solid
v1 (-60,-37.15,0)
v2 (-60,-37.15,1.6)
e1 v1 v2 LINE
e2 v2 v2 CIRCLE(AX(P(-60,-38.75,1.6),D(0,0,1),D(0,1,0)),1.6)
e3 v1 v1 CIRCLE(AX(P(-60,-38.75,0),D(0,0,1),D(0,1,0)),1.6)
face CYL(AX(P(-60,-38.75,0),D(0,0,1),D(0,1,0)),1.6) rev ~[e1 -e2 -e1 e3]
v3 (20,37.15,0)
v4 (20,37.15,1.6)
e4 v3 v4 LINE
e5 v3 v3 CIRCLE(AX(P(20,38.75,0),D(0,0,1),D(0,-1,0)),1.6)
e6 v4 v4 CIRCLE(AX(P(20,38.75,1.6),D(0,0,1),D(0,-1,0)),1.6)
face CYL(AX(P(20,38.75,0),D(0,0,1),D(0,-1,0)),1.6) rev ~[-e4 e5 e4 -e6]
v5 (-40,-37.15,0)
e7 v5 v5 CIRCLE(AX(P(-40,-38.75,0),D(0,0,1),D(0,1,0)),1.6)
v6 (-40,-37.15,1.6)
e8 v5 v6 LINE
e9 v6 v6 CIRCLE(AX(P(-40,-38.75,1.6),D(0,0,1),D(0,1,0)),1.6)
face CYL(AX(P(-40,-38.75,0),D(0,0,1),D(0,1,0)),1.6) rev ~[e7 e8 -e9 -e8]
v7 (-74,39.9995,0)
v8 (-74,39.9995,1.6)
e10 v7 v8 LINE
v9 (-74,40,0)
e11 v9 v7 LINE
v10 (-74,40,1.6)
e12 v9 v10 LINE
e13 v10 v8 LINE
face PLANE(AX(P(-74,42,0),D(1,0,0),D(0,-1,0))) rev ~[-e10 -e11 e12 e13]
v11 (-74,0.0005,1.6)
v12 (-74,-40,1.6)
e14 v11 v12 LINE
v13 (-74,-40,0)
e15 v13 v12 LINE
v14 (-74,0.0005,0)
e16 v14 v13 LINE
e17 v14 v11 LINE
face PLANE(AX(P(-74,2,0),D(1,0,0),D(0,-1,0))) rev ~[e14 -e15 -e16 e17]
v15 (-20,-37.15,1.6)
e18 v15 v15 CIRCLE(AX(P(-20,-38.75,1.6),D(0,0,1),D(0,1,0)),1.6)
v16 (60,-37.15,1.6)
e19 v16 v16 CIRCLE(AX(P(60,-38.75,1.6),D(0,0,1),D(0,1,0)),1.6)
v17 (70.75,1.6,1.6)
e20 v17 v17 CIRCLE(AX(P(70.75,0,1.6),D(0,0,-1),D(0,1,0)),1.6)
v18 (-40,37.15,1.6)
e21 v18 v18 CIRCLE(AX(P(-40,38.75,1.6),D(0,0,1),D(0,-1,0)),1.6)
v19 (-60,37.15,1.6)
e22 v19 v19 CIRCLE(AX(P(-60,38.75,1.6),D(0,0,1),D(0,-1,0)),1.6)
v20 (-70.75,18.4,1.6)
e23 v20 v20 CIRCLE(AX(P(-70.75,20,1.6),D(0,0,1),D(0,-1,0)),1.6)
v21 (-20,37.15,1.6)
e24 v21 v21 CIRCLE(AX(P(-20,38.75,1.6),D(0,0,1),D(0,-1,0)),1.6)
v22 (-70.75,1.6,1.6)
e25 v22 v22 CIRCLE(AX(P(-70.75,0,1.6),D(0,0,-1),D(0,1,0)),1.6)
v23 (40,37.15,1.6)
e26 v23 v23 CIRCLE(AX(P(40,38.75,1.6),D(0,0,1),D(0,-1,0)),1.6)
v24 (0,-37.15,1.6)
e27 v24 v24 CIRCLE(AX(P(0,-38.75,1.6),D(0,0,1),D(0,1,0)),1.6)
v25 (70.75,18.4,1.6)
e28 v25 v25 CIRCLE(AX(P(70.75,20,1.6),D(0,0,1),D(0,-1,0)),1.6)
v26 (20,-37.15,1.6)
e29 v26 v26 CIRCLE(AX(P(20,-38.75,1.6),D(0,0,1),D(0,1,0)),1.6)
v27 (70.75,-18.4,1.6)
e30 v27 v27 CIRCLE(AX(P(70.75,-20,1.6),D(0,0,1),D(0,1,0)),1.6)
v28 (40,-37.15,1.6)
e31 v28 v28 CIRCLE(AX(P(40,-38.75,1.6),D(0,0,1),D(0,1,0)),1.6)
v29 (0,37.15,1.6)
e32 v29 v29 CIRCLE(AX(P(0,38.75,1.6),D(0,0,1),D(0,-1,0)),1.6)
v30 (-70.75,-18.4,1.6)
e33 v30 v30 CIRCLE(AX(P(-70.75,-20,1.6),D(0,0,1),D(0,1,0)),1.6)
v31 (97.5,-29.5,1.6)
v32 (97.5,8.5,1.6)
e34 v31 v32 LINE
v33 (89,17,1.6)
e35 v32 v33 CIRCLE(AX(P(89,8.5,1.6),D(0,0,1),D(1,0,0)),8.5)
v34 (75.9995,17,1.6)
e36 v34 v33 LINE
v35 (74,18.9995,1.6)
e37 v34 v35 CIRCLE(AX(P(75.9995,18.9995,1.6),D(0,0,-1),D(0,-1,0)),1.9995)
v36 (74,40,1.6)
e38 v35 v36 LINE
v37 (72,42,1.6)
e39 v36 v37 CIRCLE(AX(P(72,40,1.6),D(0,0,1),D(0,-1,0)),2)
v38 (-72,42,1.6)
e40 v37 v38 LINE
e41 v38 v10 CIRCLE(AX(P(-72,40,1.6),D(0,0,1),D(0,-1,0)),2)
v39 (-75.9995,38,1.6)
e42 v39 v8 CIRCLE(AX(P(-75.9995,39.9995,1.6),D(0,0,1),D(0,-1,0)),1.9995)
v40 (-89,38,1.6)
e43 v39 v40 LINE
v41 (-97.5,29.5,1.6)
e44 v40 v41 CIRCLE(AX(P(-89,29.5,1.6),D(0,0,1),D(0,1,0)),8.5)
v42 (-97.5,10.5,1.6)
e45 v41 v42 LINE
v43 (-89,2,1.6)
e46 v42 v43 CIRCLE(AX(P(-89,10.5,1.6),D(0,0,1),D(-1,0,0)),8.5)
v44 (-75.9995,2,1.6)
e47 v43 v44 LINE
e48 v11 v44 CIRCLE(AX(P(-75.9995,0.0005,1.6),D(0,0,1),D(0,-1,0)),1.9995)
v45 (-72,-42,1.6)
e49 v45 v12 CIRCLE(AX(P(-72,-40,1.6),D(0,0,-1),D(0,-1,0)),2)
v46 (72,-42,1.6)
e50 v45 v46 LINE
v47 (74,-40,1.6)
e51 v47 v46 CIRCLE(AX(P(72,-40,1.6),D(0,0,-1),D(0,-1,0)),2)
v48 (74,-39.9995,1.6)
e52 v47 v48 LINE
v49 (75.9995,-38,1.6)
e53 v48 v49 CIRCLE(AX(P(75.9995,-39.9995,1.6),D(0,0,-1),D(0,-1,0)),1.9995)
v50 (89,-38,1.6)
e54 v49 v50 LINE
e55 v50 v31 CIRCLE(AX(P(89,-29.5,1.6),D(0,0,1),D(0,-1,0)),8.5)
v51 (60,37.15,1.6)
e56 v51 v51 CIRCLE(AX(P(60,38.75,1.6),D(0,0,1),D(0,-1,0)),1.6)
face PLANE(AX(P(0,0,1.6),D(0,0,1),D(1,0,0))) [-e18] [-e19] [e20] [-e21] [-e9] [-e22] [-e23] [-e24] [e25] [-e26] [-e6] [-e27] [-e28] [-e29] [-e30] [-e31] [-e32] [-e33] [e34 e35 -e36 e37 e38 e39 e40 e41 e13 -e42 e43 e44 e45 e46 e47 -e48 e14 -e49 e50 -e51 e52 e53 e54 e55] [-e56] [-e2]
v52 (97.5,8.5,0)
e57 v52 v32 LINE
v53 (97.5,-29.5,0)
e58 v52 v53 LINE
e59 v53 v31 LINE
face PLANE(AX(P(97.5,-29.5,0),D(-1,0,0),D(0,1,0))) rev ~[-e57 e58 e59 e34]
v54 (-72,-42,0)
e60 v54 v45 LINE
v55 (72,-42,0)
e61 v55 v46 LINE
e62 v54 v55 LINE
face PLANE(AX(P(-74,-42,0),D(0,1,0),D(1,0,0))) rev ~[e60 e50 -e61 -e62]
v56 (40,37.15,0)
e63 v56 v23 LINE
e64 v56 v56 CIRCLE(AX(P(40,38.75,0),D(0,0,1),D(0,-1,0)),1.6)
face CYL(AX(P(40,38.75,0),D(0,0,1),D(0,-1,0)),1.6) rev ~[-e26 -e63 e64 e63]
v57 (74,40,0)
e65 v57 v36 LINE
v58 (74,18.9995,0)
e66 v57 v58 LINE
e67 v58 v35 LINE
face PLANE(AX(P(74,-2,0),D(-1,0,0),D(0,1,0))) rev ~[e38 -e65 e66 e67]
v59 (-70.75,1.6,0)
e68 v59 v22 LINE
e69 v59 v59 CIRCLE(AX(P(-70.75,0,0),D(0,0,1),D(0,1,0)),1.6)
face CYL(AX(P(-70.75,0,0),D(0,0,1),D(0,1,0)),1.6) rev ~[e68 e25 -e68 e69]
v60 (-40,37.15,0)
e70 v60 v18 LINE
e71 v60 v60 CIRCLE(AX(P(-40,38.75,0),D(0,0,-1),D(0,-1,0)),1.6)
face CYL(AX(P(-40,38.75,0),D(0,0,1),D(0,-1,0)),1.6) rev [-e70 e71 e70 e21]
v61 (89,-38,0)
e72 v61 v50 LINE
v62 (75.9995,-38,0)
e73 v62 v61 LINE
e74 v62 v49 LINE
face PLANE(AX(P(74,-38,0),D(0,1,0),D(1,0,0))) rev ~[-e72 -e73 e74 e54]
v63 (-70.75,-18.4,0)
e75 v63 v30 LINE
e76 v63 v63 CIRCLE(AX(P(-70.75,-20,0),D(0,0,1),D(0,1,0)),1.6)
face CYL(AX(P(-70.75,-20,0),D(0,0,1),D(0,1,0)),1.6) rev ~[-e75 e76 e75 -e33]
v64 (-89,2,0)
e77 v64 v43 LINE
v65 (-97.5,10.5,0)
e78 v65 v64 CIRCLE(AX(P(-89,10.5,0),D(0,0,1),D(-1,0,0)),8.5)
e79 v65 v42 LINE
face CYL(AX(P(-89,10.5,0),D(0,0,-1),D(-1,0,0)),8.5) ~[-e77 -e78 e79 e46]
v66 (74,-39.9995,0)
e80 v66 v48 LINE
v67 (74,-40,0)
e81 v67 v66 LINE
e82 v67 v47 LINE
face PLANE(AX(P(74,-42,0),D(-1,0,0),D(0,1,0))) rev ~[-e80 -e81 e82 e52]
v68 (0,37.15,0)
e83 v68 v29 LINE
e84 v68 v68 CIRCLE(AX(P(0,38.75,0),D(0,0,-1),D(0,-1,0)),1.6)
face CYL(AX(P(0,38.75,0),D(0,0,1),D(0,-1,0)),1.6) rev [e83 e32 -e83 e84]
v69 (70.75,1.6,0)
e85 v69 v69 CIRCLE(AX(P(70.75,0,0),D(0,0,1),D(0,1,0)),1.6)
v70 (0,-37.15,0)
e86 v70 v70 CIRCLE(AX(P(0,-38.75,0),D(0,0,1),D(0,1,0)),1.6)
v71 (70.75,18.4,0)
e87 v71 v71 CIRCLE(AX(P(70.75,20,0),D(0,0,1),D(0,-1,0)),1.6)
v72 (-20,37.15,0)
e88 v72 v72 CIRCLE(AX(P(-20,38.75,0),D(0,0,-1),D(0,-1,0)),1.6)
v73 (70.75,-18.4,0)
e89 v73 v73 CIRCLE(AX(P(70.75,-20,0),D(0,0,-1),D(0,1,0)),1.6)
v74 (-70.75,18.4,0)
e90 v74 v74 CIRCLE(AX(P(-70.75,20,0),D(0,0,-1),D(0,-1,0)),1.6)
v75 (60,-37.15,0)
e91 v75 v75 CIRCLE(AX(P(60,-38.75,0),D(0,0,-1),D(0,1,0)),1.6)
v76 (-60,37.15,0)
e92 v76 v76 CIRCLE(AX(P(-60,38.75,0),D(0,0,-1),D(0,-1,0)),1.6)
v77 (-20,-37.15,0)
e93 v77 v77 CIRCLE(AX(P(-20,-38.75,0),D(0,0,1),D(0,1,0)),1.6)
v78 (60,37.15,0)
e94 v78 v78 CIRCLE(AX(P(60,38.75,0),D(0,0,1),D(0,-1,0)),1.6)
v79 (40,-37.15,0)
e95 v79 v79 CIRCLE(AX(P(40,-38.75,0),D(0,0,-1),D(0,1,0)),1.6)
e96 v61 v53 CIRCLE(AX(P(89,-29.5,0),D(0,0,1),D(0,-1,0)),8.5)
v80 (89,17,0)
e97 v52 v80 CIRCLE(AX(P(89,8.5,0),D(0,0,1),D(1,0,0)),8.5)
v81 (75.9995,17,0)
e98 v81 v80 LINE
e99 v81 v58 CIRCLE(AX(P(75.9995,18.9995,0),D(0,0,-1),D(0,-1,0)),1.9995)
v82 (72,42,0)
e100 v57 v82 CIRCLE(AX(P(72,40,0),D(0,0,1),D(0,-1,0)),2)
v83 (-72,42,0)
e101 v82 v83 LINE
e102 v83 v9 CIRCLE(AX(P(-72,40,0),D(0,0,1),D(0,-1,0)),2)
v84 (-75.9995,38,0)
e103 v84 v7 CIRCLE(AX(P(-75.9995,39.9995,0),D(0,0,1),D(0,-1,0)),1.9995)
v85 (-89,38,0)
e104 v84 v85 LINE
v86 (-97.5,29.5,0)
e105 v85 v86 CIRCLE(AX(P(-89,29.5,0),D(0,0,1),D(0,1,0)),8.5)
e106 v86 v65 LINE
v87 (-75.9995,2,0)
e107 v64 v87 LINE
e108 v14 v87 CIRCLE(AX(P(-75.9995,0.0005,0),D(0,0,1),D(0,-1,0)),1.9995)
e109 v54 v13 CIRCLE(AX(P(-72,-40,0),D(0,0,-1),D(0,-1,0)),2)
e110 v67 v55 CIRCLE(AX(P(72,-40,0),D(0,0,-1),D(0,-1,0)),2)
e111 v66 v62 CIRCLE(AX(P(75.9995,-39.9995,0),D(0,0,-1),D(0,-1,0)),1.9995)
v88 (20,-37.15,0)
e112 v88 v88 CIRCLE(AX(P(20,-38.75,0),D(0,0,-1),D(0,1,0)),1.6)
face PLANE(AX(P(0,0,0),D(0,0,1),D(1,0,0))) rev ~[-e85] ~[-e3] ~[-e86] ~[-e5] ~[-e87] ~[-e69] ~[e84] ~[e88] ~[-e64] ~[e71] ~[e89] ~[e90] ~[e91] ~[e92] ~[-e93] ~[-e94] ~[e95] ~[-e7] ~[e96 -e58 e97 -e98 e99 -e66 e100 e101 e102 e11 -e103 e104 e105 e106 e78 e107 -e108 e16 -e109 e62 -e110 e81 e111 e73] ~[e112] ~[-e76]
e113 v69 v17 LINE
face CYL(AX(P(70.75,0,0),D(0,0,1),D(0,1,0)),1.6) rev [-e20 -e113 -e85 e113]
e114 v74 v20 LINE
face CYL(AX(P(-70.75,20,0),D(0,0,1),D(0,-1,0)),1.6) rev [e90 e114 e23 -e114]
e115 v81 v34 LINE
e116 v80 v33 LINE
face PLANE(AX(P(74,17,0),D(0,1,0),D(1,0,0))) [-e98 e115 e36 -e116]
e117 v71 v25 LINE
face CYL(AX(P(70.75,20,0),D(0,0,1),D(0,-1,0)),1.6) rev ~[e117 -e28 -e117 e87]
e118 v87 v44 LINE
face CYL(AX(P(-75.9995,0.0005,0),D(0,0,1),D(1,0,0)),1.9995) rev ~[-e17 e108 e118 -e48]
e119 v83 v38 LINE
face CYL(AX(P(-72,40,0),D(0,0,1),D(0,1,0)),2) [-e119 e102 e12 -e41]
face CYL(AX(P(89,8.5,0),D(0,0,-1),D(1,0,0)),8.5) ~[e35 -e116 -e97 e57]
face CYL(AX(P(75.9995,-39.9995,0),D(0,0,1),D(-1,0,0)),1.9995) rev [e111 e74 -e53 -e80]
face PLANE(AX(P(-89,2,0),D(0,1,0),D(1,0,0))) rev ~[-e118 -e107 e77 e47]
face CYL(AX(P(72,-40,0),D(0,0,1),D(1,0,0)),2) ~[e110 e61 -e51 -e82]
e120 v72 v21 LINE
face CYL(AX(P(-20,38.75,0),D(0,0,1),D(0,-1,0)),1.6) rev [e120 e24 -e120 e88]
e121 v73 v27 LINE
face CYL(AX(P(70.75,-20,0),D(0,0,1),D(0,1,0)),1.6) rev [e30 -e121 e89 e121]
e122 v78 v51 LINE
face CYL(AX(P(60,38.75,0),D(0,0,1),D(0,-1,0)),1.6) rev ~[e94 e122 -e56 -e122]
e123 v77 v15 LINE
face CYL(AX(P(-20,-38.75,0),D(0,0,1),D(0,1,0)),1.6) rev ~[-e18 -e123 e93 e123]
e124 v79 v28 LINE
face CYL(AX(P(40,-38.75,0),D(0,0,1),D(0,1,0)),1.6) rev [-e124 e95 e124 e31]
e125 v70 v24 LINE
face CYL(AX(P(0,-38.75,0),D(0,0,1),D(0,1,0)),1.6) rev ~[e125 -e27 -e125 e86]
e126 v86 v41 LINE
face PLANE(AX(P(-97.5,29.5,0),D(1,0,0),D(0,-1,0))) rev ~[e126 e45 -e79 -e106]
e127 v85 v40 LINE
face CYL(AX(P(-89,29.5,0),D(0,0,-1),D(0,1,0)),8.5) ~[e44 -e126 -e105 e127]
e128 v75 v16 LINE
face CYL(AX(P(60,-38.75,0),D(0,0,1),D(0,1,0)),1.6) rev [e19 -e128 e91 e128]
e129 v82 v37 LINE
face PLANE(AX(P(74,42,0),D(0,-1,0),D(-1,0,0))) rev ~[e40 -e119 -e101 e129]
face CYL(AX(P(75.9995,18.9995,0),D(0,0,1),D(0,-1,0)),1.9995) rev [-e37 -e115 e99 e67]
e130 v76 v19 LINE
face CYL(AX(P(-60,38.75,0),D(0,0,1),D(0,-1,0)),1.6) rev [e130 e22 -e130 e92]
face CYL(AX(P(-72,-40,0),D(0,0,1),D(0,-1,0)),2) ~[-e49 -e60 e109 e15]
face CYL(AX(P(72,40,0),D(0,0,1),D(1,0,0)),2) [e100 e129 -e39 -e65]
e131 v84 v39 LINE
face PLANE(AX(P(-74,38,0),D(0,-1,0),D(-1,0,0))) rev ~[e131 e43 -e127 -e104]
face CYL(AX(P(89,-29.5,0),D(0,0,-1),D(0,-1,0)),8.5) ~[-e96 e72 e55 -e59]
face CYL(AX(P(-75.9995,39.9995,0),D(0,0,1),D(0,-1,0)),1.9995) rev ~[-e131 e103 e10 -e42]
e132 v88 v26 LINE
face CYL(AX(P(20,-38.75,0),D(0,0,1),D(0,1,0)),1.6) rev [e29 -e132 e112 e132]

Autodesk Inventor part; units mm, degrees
ref_plane "YZ Plane" through (0, 0, 0) normal (1, 0, 0) x (0, 1, 0)
ref_plane "XZ Plane" through (0, 0, 0) normal (0, 1, 0) x (-1, 0, 0)
ref_plane "XY Plane" through (0, 0, 0) normal (0, 0, 1) x (1, 0, 0)
sketch "Sketch1" plane through (0, 0, 0) normal (0, 0, 1) x (1, 0, 0)
  line L0 (66, -34) -> (-66, -34)
  line L1 (-66, -34) -> (-66, 34)
  line L2 (-66, 34) -> (66, 34)
  line L3 (66, 34) -> (66, -34)
  line L4 (66, -34) -> (-66, 34) construction
  line L5 (-66, -34) -> (66, 34) construction
  line L6 (74, 42) -> (-74, 42)
  line L7 (-74, 42) -> (-74, -42)
  line L8 (-74, -42) -> (74, -42)
  line L9 (74, -42) -> (74, 42)
  line L10 (-74, 38) -> (-89, 38)
  line L11 (-97.5, 29.5) -> (-97.5, 10.5)
  line L12 (-89, 2) -> (-66, 2)
  line L13 (-66, 2) -> (-66, 34)
  line L14 (74, -38) -> (89, -38)
  line L15 (97.5, -29.5) -> (97.5, -10.5)
  line L16 (89, -2) -> (66, -2)
  line L17 (66, -2) -> (66, -34)
  line L18 (-89, 29.5) -> (-89, 10.5) construction
  line L19 (-83, 29.5) -> (-83, 10.5)
  line L20 (-95, 10.5) -> (-95, 29.5)
  arc A0 (-83, 29.5) -> (-95, 29.5) centre (-89, 29.5) ccw
  arc A1 (-95, 10.5) -> (-83, 10.5) centre (-89, 10.5) ccw
  arc A2 (-89, 38) -> (-97.5, 29.5) centre (-89, 29.5) ccw
  arc A3 (-97.5, 10.5) -> (-89, 2) centre (-89, 10.5) ccw
  line L21 (89, -10.5) -> (89, -29.5) construction
  line L22 (83, -10.5) -> (83, -29.5)
  line L23 (95, -29.5) -> (95, -10.5)
  arc A4 (95, -10.5) -> (83, -10.5) centre (89, -10.5) ccw
  arc A5 (83, -29.5) -> (95, -29.5) centre (89, -29.5) ccw
  arc A6 (97.5, -10.5) -> (89, -2) centre (89, -10.5) ccw
  arc A7 (89, -38) -> (97.5, -29.5) centre (89, -29.5) ccw
  line L24 (70.75, -38.75) -> (-70.75, -38.75) construction
  line L25 (-70.75, -38.75) -> (-70.75, 38.75) construction
  line L26 (-70.75, 38.75) -> (70.75, 38.75) construction
  line L27 (70.75, 38.75) -> (70.75, -38.75) construction
  line L28 (70.75, -38.75) -> (-70.75, 38.75) construction
  line L29 (-70.75, -38.75) -> (70.75, 38.75) construction
  line L30 (89, -10.5) -> (89, 8.5) construction
  line L31 (83, -10.5) -> (83, 8.5)
  line L32 (95, 8.5) -> (95, -10.5)
  arc A8 (83, -10.5) -> (95, -10.5) centre (89, -10.5) ccw
  arc A9 (95, 8.5) -> (83, 8.5) centre (89, 8.5) ccw
  line L33 (66, 17) -> (89, 17)
  line L34 (97.5, 8.5) -> (97.5, -10.5)
  arc A10 (97.5, 8.5) -> (89, 17) centre (89, 8.5) ccw
  point P0 (0, 0)
  point P1 (-89, 20)
  point P2 (89, -20)
  point P3 (-74, 2)
  point P4 (74, -38.3314)
  point P5 (74, -2)
  point P6 (-74, 37.5)
  point P7 (-70.75, 20)
  point P8 (-70.75, 0)
  point P9 (-70.75, -20)
  point P10 (-37.446, 41.825)
  point P11 (-13.2416, 41.825)
  point P12 (11.1286, 41.825)
  point P13 (33.3436, 41.825)
  point P14 (70.75, 20)
  point P15 (70.75, 0)
  point P16 (70.75, -20)
  point P17 (-20, -38.75)
  point P18 (-40, -38.75)
  point P19 (-5.5184, 38.75)
  point P20 (-70.75, -13.3991)
  point P21 (70.75, 0)
  point P22 (0, -38.75)
  point P23 (-60, -38.75)
  point P24 (0, -38.75)
  point P25 (89, -1)
  point P26 (74, 17)
  dimension "d0" = 132
  dimension "d1" = 68
  dimension "d2" = 8
  dimension "d5" = 6
  dimension "d6" = 19
  dimension "d8" = 2.5
  dimension "d9" = 15
  dimension "d11" = 2.5
  dimension "d12" = 15
  dimension "d17" = 20
  dimension "d21" = 20
  dimension "d22" = 20
  dimension "d32" = 3.25
  dimension "d33" = 3.25
  dimension "d36" = 20
  dimension "d37" = 20
  dimension "d38" = 18.75
extrude "Extrusion1" add sketch "Sketch1" along normal blind 1.6 contours L3 L16 L9 L8 L7 L12 L1 L0 | L0 L1 L2 L3 | L3 L33 L9 L16 | L12 L7 L6 L9 L33 L3 L2 L1 | L16 L31 L22 A5 L23 L32 A6 L15 A7 L14 L9 | L12 A3 L11 A2 L10 L7 | L16 A6 L32 A4 L31 | A8 L23 A5 L22 | A4 A8 | L19 A1 L20 A0
hole "Hole1" at (-70.75, 0, 0) at (-70.75, -20, 0) at (-20, -38.75, 0) at (-40, -38.75, 0) at (0, -38.75, 0) at (-60, -38.75, 0) direction (0, 0, 1) diameter 3.2 end through all
mirror "Mirror1" about plane through (0, 0, 0) normal (1, 0, 0) of "Hole1"
mirror "Mirror2" about plane through (0, 0, 0) normal (0, 1, 0) of "Hole1", "Mirror1"
extrude "Extrusion2" add sketch "Sketch1" along normal up to surface (1.6 mm away) contours L9 L33 A10 L34 A6 L32 A9 L31 L16 | L31 A9 L32 A6 L16
fillet "Fillet1" radius 2 4 edges at (-74, -42, 0.8) (74, -42, 0.8) (74, 42, 0.8) (-74, 42, 0.8)
fillet "Fillet2" radius 2 4 edges at (-74, 2, 0.8) (-74, 38, 0.8) (74, -38, 0.8) (74, 17, 0.8)
sketch "Sketch2" plane through (0, 0, 1.6) normal (0, 0, 1) x (1, 0, 0)
  arc A0 (-72, 42) -> (-74, 40) centre (-72, 40) ccw projected
  line L0 (-74, 0) -> (-74, -40) projected
  arc A1 (-76, 38) -> (-74, 40) centre (-76, 40) ccw projected
  line L1 (-76, 38) -> (-89, 38) projected
  arc A2 (-89, 38) -> (-97.5, 29.5) centre (-89, 29.5) ccw projected
  line L2 (-97.5, 29.5) -> (-97.5, 10.5) projected
  arc A3 (-97.5, 10.5) -> (-89, 2) centre (-89, 10.5) ccw projected
  line L3 (-89, 2) -> (-76, 2) projected
  arc A4 (-74, 0) -> (-76, 2) centre (-76, 0) ccw projected
  arc A5 (-74, -40) -> (-72, -42) centre (-72, -40) ccw projected
  line L4 (-72, -42) -> (72, -42) projected
  arc A6 (72, -42) -> (74, -40) centre (72, -40) ccw projected
  line L5 (74, 19) -> (74, 40) projected
  arc A7 (76, -38) -> (74, -40) centre (76, -40) ccw projected
  line L6 (76, -38) -> (89, -38) projected
  arc A8 (89, -38) -> (97.5, -29.5) centre (89, -29.5) ccw projected
  line L7 (97.5, -29.5) -> (97.5, 8.5) projected
  arc A9 (74, 40) -> (72, 42) centre (72, 40) ccw projected
  line L8 (72, 42) -> (-72, 42) projected
  circle A10 centre (60, 38.75) radius 1.6 projected
  circle A11 centre (70.75, 20) radius 1.6 projected
  circle A12 centre (20, 38.75) radius 1.6 projected
  circle A13 centre (40, 38.75) radius 1.6 projected
  circle A14 centre (-60, 38.75) radius 1.6 projected
  circle A15 centre (-70.75, 20) radius 1.6 projected
  circle A16 centre (-20, 38.75) radius 1.6 projected
  circle A17 centre (-40, 38.75) radius 1.6 projected
  circle A18 centre (0, 38.75) radius 1.6 projected
  circle A19 centre (60, -38.75) radius 1.6 projected
  circle A20 centre (70.75, 0) radius 1.6 projected
  circle A21 centre (70.75, -20) radius 1.6 projected
  circle A22 centre (20, -38.75) radius 1.6 projected
  circle A23 centre (40, -38.75) radius 1.6 projected
  circle A24 centre (-60, -38.75) radius 1.6 projected
  circle A25 centre (0, -38.75) radius 1.6 projected
  circle A26 centre (-40, -38.75) radius 1.6 projected
  circle A27 centre (-20, -38.75) radius 1.6 projected
  circle A28 centre (-70.75, -20) radius 1.6 projected
  circle A29 centre (-70.75, 0) radius 1.6 projected
  arc A30 (97.5, 8.5) -> (89, 17) centre (89, 8.5) ccw projected
  line L9 (76, 17) -> (89, 17) projected
  arc A31 (74, 19) -> (76, 17) centre (76, 19) ccw projected
  point P0 (0, 0)
equation "\"d11\" = d8"
equation "\"d12\" = d9"
equation "\"d21\" = d17"
equation "\"d22\" = d21"
equation "\"d33\" = d32"
equation "\"d37\" = d36"
properties part number "Board Outline"
